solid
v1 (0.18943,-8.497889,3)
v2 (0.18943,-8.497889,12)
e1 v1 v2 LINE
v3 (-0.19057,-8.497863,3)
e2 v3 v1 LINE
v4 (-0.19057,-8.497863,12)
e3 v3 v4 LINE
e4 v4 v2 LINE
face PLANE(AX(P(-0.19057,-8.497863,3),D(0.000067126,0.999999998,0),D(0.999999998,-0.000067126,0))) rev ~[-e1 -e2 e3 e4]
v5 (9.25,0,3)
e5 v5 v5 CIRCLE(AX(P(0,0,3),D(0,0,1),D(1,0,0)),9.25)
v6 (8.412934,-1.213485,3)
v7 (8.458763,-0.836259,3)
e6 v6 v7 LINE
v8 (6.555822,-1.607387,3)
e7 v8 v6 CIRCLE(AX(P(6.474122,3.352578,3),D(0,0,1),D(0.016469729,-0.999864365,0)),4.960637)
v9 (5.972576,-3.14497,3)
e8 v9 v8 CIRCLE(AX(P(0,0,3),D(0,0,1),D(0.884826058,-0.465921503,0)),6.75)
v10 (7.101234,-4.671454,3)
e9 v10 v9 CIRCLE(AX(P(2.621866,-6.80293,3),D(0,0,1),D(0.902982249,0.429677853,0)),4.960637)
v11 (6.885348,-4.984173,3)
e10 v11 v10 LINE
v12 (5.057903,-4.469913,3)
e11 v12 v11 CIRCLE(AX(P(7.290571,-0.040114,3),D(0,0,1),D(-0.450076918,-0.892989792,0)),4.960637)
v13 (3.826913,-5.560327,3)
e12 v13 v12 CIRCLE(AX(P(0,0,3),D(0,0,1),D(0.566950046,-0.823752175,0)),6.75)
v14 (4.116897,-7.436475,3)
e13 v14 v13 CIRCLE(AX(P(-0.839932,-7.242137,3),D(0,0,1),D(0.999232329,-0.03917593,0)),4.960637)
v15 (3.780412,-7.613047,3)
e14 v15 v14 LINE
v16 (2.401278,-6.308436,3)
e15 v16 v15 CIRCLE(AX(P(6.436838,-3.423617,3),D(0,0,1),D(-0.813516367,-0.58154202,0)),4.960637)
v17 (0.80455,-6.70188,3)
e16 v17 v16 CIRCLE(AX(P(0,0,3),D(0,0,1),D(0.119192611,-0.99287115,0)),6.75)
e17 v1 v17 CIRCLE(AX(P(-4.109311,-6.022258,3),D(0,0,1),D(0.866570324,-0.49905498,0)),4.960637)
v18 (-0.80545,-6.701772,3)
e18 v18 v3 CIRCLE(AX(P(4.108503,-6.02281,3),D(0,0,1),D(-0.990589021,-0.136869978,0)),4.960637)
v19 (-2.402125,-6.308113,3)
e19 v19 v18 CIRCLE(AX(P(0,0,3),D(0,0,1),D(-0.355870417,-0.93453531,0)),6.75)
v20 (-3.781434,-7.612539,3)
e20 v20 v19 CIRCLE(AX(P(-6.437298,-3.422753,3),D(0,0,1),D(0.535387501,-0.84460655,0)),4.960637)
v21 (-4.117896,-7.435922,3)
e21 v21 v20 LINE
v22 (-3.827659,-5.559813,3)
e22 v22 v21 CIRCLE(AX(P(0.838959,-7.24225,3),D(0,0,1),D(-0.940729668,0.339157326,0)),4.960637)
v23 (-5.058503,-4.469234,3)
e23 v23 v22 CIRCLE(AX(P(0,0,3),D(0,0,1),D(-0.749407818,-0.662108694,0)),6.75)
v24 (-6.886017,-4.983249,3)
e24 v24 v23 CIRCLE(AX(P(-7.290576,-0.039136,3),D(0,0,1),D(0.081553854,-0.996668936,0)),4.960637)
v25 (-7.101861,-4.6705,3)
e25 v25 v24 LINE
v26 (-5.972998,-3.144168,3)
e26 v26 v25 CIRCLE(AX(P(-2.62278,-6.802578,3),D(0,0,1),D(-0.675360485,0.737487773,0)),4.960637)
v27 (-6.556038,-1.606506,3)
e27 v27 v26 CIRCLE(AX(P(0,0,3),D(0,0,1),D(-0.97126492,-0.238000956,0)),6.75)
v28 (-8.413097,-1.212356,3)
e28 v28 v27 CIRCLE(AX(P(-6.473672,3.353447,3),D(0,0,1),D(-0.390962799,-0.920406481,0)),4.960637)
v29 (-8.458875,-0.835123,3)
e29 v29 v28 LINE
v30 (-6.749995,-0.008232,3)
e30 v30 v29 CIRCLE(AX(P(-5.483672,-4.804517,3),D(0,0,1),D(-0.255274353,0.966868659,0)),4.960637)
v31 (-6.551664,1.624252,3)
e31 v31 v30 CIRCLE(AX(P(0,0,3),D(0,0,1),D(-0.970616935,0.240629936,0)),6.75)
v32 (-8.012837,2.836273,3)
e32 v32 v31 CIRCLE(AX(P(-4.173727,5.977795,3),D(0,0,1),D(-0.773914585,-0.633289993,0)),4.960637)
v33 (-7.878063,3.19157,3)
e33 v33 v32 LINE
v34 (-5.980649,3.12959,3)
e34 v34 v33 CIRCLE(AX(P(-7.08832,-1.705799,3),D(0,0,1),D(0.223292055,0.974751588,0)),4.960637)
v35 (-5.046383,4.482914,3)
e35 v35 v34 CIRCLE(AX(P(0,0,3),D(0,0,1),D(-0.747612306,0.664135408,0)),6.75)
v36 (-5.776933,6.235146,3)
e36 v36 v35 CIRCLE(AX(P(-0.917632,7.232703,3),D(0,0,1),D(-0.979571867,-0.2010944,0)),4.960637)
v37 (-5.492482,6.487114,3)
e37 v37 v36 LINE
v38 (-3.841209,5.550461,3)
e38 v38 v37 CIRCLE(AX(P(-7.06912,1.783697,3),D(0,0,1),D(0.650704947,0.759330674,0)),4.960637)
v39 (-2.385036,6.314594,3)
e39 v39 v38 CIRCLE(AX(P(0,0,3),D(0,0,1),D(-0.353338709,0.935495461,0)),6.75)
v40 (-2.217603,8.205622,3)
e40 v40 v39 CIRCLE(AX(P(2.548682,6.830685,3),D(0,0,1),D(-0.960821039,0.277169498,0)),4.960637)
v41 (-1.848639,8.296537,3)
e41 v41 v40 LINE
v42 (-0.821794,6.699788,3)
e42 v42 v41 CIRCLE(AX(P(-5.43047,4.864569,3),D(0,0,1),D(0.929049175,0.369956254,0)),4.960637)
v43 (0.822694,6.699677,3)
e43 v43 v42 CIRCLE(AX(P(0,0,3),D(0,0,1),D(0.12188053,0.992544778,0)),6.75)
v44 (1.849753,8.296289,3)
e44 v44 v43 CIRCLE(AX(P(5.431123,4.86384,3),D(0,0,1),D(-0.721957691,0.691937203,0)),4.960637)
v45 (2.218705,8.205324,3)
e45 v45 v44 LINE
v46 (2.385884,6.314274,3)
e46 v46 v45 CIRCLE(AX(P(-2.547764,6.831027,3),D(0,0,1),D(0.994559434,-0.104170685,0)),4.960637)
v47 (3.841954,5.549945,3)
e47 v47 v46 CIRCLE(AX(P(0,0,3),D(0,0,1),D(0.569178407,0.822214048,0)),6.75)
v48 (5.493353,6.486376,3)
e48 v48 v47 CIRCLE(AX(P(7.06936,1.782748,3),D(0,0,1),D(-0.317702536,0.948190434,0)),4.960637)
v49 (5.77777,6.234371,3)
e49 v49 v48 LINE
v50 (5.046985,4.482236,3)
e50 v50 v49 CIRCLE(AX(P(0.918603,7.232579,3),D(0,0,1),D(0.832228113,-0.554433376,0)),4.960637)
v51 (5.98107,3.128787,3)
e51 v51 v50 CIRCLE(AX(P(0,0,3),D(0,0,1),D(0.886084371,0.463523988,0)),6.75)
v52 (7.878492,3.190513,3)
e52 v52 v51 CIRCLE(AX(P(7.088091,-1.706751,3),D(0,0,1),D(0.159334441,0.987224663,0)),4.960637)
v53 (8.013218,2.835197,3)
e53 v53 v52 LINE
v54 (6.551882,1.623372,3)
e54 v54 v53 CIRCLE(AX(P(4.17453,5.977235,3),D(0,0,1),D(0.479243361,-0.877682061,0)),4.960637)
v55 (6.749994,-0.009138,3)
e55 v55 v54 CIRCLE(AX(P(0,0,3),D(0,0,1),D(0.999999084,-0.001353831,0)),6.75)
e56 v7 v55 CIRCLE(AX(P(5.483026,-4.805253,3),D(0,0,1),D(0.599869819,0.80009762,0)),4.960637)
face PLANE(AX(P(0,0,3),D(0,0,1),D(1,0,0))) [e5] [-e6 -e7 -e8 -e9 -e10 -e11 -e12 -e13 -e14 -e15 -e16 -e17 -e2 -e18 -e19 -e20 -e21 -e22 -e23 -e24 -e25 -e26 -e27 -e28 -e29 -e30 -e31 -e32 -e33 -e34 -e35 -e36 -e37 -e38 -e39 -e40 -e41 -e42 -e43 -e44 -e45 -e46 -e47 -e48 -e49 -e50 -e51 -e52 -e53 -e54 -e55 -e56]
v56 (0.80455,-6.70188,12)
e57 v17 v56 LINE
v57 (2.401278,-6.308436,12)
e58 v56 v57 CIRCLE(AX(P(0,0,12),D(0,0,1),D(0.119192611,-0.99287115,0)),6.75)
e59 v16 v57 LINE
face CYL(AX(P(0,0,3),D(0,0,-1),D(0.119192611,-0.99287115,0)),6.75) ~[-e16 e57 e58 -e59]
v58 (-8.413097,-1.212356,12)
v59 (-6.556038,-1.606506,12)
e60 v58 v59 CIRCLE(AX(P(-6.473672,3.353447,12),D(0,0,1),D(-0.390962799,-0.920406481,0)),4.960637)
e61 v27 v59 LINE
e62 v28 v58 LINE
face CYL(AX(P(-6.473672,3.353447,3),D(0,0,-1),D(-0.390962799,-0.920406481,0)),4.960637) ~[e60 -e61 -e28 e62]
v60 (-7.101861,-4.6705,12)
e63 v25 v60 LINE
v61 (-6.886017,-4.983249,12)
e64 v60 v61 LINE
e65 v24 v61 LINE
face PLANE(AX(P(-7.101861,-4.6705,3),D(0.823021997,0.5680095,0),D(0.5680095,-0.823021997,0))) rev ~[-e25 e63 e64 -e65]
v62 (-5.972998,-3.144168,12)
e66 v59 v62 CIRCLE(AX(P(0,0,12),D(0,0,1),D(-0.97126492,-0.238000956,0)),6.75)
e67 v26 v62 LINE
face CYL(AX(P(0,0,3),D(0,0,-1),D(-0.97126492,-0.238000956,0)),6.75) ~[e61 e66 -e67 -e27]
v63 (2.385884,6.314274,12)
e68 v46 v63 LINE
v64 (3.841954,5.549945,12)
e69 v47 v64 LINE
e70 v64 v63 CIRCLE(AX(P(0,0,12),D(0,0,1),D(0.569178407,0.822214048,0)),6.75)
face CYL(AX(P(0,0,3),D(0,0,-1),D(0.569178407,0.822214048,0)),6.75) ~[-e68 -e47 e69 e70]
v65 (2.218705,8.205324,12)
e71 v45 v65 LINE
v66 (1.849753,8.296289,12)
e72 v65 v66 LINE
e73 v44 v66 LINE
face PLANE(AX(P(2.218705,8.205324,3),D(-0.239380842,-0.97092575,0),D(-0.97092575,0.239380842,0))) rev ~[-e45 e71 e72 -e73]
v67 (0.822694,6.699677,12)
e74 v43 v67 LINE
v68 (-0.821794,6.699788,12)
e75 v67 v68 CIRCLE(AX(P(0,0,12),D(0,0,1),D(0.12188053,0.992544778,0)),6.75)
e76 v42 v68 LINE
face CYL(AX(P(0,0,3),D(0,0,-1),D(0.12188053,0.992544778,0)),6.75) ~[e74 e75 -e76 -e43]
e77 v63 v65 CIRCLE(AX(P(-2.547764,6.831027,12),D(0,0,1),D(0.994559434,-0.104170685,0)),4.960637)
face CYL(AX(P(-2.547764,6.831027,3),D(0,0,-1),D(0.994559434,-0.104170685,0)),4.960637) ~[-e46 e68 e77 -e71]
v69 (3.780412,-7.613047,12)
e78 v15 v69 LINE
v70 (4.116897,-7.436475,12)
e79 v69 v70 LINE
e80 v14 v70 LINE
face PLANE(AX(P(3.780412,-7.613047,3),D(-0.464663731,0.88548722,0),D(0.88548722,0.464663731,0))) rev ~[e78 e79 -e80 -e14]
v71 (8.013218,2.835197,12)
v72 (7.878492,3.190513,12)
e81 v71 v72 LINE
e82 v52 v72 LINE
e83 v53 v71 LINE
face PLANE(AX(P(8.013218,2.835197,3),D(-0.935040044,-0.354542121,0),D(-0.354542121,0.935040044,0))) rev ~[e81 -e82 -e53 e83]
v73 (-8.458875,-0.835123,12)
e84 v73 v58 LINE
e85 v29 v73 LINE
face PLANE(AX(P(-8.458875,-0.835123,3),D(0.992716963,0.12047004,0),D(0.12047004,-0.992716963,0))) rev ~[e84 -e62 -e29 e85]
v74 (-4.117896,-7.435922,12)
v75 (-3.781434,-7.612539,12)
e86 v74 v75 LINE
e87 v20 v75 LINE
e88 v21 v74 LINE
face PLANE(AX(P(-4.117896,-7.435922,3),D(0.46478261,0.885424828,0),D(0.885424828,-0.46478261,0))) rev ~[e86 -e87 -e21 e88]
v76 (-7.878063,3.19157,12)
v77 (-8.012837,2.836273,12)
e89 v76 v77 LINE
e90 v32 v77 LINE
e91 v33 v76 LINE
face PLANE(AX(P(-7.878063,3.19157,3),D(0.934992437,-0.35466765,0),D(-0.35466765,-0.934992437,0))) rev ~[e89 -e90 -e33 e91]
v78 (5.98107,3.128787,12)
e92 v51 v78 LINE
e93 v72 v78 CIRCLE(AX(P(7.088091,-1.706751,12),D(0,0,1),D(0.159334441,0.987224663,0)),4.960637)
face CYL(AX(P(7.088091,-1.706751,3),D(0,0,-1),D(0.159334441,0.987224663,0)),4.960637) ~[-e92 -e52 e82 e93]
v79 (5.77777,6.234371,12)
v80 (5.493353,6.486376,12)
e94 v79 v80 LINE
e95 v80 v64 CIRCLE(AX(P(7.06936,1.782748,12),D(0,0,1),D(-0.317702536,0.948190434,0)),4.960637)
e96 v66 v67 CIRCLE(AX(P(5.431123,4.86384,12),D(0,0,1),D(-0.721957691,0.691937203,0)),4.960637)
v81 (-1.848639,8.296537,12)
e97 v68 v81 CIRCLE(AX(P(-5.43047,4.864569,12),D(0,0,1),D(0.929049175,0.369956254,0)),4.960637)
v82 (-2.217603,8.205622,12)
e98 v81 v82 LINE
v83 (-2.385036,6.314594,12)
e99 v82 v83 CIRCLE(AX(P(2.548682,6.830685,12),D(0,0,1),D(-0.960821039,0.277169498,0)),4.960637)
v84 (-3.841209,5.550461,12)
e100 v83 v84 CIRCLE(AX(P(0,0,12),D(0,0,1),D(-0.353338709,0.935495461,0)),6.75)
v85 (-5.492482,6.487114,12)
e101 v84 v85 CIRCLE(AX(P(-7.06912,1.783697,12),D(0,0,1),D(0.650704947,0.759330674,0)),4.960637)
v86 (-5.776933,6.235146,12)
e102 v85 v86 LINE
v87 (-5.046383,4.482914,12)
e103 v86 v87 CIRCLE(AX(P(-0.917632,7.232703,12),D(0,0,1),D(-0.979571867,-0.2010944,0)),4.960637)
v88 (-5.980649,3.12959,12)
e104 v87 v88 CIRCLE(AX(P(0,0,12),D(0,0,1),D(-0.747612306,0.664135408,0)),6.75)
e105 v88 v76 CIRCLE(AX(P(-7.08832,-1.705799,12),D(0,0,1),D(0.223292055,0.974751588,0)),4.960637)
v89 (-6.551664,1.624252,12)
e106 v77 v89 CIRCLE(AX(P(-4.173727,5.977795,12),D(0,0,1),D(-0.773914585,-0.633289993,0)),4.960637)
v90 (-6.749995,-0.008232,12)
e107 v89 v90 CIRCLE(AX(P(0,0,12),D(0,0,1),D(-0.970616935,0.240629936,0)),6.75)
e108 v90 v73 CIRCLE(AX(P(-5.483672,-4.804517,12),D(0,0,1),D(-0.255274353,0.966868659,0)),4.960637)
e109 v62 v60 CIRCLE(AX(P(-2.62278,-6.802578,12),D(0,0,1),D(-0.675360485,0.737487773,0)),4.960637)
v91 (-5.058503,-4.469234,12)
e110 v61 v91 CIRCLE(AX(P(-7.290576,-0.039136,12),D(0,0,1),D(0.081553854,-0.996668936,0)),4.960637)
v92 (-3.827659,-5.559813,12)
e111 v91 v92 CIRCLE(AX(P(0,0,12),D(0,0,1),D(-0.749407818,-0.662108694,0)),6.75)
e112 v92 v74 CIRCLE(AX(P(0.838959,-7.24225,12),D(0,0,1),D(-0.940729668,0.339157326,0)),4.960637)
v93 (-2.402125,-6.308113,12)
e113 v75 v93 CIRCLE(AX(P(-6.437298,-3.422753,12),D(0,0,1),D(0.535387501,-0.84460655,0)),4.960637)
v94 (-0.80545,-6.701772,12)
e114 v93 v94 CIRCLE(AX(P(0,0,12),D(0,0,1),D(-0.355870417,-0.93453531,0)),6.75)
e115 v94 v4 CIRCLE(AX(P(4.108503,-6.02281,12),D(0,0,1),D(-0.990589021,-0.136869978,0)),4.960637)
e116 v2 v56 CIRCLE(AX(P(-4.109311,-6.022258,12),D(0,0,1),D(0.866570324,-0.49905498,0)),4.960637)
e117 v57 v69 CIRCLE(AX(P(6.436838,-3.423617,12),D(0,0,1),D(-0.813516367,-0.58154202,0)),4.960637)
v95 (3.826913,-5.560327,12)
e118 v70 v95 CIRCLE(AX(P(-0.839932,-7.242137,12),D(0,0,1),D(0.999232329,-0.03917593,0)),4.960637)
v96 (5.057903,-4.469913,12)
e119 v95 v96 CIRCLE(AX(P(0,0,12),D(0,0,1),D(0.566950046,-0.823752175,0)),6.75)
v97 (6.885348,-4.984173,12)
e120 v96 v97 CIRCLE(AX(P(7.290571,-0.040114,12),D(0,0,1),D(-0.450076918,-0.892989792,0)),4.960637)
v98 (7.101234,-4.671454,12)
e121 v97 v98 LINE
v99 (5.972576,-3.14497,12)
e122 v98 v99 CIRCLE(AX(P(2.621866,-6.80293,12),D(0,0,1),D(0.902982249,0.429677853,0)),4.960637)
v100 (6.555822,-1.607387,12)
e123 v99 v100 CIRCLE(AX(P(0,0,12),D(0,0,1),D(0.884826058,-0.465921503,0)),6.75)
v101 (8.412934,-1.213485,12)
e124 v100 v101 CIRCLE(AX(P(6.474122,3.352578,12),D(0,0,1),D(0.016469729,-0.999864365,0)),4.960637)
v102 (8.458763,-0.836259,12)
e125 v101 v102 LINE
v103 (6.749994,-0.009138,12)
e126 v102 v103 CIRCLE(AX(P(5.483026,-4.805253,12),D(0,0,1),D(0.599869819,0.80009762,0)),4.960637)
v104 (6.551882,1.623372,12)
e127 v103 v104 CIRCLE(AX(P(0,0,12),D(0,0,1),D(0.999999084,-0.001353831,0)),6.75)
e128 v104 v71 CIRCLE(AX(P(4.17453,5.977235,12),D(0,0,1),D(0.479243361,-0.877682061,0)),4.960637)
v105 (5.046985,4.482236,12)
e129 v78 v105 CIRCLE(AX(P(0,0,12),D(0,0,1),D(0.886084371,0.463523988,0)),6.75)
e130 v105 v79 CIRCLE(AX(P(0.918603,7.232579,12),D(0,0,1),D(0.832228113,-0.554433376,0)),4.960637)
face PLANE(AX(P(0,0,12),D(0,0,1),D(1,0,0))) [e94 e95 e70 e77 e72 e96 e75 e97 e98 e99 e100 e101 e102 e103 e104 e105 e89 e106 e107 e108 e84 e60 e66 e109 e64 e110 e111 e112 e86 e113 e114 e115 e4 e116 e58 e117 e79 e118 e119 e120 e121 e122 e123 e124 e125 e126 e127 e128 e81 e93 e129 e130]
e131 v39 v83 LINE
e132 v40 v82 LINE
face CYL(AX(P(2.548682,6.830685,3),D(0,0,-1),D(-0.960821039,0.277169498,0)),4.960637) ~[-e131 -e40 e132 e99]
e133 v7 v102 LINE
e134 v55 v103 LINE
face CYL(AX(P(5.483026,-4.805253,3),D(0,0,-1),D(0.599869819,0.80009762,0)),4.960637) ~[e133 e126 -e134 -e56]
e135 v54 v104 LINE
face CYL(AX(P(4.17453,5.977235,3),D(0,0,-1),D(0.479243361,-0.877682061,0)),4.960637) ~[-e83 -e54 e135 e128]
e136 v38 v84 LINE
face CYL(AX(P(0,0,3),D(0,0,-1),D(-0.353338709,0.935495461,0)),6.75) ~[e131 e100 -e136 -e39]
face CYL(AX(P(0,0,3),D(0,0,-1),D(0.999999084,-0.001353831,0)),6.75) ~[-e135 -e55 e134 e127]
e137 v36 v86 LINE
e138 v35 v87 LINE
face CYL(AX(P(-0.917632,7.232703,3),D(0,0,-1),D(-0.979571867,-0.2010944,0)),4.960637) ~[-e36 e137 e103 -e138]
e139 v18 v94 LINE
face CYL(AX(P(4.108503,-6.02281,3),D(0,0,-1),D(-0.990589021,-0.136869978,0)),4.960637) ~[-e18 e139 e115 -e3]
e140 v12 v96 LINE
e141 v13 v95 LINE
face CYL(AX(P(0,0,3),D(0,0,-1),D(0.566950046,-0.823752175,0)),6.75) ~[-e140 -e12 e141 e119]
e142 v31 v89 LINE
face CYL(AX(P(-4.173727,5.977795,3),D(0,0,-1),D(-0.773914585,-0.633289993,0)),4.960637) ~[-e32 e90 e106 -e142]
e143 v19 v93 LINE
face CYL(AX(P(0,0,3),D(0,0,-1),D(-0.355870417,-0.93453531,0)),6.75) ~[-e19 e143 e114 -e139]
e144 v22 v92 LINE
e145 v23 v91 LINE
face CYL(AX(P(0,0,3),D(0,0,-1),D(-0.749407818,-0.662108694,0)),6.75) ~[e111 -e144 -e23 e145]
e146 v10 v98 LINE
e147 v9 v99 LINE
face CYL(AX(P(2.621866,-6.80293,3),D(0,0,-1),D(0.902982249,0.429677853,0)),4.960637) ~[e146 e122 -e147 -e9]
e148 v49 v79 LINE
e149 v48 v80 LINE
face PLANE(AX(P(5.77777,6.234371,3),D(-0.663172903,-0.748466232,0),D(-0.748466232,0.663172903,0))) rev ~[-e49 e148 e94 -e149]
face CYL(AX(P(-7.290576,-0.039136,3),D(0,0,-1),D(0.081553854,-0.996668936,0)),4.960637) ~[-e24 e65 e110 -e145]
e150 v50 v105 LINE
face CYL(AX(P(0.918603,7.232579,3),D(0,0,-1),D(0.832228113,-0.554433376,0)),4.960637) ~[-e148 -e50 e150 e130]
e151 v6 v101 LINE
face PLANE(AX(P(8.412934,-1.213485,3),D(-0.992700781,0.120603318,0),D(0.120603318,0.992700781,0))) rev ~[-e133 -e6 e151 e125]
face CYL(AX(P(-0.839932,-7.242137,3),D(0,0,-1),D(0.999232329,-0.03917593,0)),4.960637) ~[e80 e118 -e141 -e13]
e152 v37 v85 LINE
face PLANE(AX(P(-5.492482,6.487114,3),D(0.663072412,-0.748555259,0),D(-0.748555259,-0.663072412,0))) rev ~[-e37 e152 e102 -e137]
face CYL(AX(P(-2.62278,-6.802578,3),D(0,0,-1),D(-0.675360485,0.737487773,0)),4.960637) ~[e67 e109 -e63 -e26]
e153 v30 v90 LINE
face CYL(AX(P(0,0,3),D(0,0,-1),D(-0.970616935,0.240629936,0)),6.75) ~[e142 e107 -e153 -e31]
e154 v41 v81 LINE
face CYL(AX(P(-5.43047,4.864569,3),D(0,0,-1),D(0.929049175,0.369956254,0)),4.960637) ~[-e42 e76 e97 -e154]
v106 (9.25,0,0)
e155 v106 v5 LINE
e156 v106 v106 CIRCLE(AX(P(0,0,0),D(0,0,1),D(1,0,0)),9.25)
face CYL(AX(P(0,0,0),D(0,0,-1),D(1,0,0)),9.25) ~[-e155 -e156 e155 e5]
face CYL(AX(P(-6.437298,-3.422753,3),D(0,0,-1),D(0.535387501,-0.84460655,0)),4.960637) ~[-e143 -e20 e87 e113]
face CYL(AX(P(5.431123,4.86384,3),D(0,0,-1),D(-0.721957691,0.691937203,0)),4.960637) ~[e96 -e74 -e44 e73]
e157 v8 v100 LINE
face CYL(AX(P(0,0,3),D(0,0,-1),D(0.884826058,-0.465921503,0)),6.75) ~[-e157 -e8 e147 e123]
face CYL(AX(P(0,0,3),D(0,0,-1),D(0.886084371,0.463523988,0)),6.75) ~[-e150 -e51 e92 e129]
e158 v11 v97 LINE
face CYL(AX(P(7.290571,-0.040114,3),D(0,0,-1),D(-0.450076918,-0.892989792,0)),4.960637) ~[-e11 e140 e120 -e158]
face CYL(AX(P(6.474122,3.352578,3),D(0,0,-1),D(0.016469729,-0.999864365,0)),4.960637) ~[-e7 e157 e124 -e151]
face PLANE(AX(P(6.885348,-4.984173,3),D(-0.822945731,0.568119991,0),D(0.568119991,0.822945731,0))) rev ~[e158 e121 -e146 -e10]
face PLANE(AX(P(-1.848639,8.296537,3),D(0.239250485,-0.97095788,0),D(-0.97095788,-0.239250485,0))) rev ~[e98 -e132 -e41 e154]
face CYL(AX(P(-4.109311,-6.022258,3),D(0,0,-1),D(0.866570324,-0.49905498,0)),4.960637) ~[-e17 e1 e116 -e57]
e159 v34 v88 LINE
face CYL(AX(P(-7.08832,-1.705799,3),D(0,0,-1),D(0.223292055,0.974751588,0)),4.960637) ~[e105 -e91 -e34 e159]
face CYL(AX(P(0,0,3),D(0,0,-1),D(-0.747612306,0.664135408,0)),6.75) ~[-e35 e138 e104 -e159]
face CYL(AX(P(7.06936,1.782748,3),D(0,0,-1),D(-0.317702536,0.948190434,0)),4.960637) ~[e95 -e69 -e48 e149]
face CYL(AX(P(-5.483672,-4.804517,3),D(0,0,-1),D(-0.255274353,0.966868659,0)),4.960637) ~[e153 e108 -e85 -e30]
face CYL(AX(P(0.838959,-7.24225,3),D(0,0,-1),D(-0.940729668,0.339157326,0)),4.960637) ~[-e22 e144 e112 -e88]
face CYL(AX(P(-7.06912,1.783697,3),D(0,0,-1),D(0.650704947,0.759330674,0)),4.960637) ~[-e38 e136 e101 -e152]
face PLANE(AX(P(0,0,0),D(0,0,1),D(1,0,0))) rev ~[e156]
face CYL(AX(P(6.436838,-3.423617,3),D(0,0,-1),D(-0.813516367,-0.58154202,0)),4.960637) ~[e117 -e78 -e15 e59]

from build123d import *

# Parameters (mm, degrees)
SKETCH1_R           = 9.25
BOSS_EXTRUDE1_DEPTH = 3
BOSS_EXTRUDE2_DEPTH = 9


with BuildPart() as part:
    # Sketch1 → Boss-Extrude1 (new body)
    with BuildSketch(Plane.XY):
        Circle(SKETCH1_R)
    extrude(amount=BOSS_EXTRUDE1_DEPTH)

    # Sketch2 → Boss-Extrude2 (add)
    with BuildSketch(Plane.XY.offset(3)):
        with BuildLine():
            Line((2.218704647, 8.205324472), (1.849752862, 8.296289192))
            ThreePointArc((1.849752862, 8.296289192), (1.25913347, 7.547573069), (0.822693575, 6.699677252))
            ThreePointArc((0.822693575, 6.699677252), (0.000453114, 6.749999985), (-0.821794095, 6.699787643))
            ThreePointArc((-0.821794095, 6.699787643), (-1.258120151, 7.547742047), (-1.848639018, 8.296537457))
            Line((-1.848639018, 8.296537457), (-2.217603012, 8.205622273))
            ThreePointArc((-2.217603012, 8.205622273), (-2.39262478, 7.268192553), (-2.385036281, 6.31459436))
            ThreePointArc((-2.385036281, 6.31459436), (-3.136480191, 5.977038732), (-3.841209099, 5.550460581))
            ThreePointArc((-3.841209099, 5.550460581), (-4.621620694, 6.098516089), (-5.492481762, 6.487113696))
            Line((-5.492481762, 6.487113696), (-5.776932761, 6.235146179))
            ThreePointArc((-5.776932761, 6.235146179), (-5.496261527, 5.323756714), (-5.046383068, 4.482914))
            ThreePointArc((-5.046383068, 4.482914), (-5.554883684, 3.834809938), (-5.98064939, 3.12958989))
            ThreePointArc((-5.98064939, 3.12958989), (-6.926363634, 3.252193589), (-7.878063126, 3.191570364))
            Line((-7.878063126, 3.191570364), (-8.012836833, 2.836273238))
            ThreePointArc((-8.012836833, 2.836273238), (-7.340770995, 2.159712371), (-6.551664309, 1.624252067))
            ThreePointArc((-6.551664309, 1.624252067), (-6.700730268, 0.814072401), (-6.74999498, -0.008232129))
            ThreePointArc((-6.74999498, -0.008232129), (-7.644360136, -0.339167268), (-8.458875168, -0.835123275))
            Line((-8.458875168, -0.835123275), (-8.413096553, -1.212355721))
            ThreePointArc((-8.413096553, -1.212355721), (-7.503598294, -1.49909605), (-6.556038214, -1.60650644))
            ThreePointArc((-6.556038214, -1.60650644), (-6.3115203, -2.393159313), (-5.972998067, -3.144168267))
            ThreePointArc((-5.972998067, -3.144168267), (-6.611125856, -3.852828992), (-7.101860851, -4.670500236))
            Line((-7.101860851, -4.670500236), (-6.886017241, -4.983248595))
            ThreePointArc((-6.886017241, -4.983248595), (-5.947441652, -4.814479631), (-5.058502772, -4.469233682))
            ThreePointArc((-5.058502772, -4.469233682), (-4.476417094, -5.052147068), (-3.827659279, -5.559813346))
            ThreePointArc((-3.827659279, -5.559813346), (-4.063362315, -6.483854026), (-4.117895799, -7.435921879))
            Line((-4.117895799, -7.435921879), (-3.781434364, -7.612539271))
            ThreePointArc((-3.781434364, -7.612539271), (-3.028797802, -7.02692395), (-2.402125307, -6.308113348))
            ThreePointArc((-2.402125307, -6.308113348), (-1.615820678, -6.553748816), (-0.805449879, -6.70177219))
            ThreePointArc((-0.805449879, -6.70177219), (-0.584731436, -7.629506241), (-0.190570445, -8.497863432))
            Line((-0.190570445, -8.497863432), (0.189429554, -8.49788894))
            ThreePointArc((0.189429554, -8.49788894), (0.583707123, -7.629584676), (0.804550118, -6.701880267))
            ThreePointArc((0.804550118, -6.701880267), (1.614940783, -6.55396569), (2.401278382, -6.308435791))
            ThreePointArc((2.401278382, -6.308435791), (3.027854368, -7.027330521), (3.7804123, -7.613046883))
            Line((3.7804123, -7.613046883), (4.116897444, -7.436474665))
            ThreePointArc((4.116897444, -7.436474665), (4.062491781, -6.484399498), (3.826912806, -5.560327183))
            ThreePointArc((3.826912806, -5.560327183), (4.475738772, -5.052748009), (5.057902704, -4.469912777))
            ThreePointArc((5.057902704, -4.469912777), (5.946795225, -4.815278068), (6.885348147, -4.98417304))
            Line((6.885348147, -4.98417304), (7.101233744, -4.671453662))
            ThreePointArc((7.101233744, -4.671453662), (6.610608531, -3.853716541), (5.972575889, -3.14497015))
            ThreePointArc((5.972575889, -3.14497015), (6.311198947, -2.394006651), (6.555822471, -1.607386614))
            ThreePointArc((6.555822471, -1.607386614), (7.503396964, -1.50010344), (8.412933711, -1.21348522))
            Line((8.412933711, -1.21348522), (8.458762972, -0.836258923))
            ThreePointArc((8.458762972, -0.836258923), (7.644314532, -0.340193567), (6.749993814, -0.009138357))
            ThreePointArc((6.749993814, -0.009138357), (6.700839502, 0.813172779), (6.551882316, 1.623372451))
            ThreePointArc((6.551882316, 1.623372451), (7.341060883, 2.158726808), (8.013217548, 2.83519744))
            Line((8.013217548, 2.83519744), (7.878491542, 3.190512657))
            ThreePointArc((7.878491542, 3.190512657), (6.926800198, 3.251263653), (5.981069502, 3.128786923))
            ThreePointArc((5.981069502, 3.128786923), (5.555398481, 3.834064126), (5.046984881, 4.482236452))
            ThreePointArc((5.046984881, 4.482236452), (5.496976224, 5.32301876), (5.777769815, 6.234370535))
            Line((5.777769815, 6.234370535), (5.493352647, 6.486376238))
            ThreePointArc((5.493352647, 6.486376238), (4.622439416, 6.097895553), (3.841954247, 5.549944825))
            ThreePointArc((3.841954247, 5.549944825), (3.137282617, 5.976617587), (2.385884033, 6.314274098))
            ThreePointArc((2.385884033, 6.314274098), (2.393600558, 7.267871263), (2.218704647, 8.205324472))
        make_face()
    extrude(amount=BOSS_EXTRUDE2_DEPTH)


solid = part.part
